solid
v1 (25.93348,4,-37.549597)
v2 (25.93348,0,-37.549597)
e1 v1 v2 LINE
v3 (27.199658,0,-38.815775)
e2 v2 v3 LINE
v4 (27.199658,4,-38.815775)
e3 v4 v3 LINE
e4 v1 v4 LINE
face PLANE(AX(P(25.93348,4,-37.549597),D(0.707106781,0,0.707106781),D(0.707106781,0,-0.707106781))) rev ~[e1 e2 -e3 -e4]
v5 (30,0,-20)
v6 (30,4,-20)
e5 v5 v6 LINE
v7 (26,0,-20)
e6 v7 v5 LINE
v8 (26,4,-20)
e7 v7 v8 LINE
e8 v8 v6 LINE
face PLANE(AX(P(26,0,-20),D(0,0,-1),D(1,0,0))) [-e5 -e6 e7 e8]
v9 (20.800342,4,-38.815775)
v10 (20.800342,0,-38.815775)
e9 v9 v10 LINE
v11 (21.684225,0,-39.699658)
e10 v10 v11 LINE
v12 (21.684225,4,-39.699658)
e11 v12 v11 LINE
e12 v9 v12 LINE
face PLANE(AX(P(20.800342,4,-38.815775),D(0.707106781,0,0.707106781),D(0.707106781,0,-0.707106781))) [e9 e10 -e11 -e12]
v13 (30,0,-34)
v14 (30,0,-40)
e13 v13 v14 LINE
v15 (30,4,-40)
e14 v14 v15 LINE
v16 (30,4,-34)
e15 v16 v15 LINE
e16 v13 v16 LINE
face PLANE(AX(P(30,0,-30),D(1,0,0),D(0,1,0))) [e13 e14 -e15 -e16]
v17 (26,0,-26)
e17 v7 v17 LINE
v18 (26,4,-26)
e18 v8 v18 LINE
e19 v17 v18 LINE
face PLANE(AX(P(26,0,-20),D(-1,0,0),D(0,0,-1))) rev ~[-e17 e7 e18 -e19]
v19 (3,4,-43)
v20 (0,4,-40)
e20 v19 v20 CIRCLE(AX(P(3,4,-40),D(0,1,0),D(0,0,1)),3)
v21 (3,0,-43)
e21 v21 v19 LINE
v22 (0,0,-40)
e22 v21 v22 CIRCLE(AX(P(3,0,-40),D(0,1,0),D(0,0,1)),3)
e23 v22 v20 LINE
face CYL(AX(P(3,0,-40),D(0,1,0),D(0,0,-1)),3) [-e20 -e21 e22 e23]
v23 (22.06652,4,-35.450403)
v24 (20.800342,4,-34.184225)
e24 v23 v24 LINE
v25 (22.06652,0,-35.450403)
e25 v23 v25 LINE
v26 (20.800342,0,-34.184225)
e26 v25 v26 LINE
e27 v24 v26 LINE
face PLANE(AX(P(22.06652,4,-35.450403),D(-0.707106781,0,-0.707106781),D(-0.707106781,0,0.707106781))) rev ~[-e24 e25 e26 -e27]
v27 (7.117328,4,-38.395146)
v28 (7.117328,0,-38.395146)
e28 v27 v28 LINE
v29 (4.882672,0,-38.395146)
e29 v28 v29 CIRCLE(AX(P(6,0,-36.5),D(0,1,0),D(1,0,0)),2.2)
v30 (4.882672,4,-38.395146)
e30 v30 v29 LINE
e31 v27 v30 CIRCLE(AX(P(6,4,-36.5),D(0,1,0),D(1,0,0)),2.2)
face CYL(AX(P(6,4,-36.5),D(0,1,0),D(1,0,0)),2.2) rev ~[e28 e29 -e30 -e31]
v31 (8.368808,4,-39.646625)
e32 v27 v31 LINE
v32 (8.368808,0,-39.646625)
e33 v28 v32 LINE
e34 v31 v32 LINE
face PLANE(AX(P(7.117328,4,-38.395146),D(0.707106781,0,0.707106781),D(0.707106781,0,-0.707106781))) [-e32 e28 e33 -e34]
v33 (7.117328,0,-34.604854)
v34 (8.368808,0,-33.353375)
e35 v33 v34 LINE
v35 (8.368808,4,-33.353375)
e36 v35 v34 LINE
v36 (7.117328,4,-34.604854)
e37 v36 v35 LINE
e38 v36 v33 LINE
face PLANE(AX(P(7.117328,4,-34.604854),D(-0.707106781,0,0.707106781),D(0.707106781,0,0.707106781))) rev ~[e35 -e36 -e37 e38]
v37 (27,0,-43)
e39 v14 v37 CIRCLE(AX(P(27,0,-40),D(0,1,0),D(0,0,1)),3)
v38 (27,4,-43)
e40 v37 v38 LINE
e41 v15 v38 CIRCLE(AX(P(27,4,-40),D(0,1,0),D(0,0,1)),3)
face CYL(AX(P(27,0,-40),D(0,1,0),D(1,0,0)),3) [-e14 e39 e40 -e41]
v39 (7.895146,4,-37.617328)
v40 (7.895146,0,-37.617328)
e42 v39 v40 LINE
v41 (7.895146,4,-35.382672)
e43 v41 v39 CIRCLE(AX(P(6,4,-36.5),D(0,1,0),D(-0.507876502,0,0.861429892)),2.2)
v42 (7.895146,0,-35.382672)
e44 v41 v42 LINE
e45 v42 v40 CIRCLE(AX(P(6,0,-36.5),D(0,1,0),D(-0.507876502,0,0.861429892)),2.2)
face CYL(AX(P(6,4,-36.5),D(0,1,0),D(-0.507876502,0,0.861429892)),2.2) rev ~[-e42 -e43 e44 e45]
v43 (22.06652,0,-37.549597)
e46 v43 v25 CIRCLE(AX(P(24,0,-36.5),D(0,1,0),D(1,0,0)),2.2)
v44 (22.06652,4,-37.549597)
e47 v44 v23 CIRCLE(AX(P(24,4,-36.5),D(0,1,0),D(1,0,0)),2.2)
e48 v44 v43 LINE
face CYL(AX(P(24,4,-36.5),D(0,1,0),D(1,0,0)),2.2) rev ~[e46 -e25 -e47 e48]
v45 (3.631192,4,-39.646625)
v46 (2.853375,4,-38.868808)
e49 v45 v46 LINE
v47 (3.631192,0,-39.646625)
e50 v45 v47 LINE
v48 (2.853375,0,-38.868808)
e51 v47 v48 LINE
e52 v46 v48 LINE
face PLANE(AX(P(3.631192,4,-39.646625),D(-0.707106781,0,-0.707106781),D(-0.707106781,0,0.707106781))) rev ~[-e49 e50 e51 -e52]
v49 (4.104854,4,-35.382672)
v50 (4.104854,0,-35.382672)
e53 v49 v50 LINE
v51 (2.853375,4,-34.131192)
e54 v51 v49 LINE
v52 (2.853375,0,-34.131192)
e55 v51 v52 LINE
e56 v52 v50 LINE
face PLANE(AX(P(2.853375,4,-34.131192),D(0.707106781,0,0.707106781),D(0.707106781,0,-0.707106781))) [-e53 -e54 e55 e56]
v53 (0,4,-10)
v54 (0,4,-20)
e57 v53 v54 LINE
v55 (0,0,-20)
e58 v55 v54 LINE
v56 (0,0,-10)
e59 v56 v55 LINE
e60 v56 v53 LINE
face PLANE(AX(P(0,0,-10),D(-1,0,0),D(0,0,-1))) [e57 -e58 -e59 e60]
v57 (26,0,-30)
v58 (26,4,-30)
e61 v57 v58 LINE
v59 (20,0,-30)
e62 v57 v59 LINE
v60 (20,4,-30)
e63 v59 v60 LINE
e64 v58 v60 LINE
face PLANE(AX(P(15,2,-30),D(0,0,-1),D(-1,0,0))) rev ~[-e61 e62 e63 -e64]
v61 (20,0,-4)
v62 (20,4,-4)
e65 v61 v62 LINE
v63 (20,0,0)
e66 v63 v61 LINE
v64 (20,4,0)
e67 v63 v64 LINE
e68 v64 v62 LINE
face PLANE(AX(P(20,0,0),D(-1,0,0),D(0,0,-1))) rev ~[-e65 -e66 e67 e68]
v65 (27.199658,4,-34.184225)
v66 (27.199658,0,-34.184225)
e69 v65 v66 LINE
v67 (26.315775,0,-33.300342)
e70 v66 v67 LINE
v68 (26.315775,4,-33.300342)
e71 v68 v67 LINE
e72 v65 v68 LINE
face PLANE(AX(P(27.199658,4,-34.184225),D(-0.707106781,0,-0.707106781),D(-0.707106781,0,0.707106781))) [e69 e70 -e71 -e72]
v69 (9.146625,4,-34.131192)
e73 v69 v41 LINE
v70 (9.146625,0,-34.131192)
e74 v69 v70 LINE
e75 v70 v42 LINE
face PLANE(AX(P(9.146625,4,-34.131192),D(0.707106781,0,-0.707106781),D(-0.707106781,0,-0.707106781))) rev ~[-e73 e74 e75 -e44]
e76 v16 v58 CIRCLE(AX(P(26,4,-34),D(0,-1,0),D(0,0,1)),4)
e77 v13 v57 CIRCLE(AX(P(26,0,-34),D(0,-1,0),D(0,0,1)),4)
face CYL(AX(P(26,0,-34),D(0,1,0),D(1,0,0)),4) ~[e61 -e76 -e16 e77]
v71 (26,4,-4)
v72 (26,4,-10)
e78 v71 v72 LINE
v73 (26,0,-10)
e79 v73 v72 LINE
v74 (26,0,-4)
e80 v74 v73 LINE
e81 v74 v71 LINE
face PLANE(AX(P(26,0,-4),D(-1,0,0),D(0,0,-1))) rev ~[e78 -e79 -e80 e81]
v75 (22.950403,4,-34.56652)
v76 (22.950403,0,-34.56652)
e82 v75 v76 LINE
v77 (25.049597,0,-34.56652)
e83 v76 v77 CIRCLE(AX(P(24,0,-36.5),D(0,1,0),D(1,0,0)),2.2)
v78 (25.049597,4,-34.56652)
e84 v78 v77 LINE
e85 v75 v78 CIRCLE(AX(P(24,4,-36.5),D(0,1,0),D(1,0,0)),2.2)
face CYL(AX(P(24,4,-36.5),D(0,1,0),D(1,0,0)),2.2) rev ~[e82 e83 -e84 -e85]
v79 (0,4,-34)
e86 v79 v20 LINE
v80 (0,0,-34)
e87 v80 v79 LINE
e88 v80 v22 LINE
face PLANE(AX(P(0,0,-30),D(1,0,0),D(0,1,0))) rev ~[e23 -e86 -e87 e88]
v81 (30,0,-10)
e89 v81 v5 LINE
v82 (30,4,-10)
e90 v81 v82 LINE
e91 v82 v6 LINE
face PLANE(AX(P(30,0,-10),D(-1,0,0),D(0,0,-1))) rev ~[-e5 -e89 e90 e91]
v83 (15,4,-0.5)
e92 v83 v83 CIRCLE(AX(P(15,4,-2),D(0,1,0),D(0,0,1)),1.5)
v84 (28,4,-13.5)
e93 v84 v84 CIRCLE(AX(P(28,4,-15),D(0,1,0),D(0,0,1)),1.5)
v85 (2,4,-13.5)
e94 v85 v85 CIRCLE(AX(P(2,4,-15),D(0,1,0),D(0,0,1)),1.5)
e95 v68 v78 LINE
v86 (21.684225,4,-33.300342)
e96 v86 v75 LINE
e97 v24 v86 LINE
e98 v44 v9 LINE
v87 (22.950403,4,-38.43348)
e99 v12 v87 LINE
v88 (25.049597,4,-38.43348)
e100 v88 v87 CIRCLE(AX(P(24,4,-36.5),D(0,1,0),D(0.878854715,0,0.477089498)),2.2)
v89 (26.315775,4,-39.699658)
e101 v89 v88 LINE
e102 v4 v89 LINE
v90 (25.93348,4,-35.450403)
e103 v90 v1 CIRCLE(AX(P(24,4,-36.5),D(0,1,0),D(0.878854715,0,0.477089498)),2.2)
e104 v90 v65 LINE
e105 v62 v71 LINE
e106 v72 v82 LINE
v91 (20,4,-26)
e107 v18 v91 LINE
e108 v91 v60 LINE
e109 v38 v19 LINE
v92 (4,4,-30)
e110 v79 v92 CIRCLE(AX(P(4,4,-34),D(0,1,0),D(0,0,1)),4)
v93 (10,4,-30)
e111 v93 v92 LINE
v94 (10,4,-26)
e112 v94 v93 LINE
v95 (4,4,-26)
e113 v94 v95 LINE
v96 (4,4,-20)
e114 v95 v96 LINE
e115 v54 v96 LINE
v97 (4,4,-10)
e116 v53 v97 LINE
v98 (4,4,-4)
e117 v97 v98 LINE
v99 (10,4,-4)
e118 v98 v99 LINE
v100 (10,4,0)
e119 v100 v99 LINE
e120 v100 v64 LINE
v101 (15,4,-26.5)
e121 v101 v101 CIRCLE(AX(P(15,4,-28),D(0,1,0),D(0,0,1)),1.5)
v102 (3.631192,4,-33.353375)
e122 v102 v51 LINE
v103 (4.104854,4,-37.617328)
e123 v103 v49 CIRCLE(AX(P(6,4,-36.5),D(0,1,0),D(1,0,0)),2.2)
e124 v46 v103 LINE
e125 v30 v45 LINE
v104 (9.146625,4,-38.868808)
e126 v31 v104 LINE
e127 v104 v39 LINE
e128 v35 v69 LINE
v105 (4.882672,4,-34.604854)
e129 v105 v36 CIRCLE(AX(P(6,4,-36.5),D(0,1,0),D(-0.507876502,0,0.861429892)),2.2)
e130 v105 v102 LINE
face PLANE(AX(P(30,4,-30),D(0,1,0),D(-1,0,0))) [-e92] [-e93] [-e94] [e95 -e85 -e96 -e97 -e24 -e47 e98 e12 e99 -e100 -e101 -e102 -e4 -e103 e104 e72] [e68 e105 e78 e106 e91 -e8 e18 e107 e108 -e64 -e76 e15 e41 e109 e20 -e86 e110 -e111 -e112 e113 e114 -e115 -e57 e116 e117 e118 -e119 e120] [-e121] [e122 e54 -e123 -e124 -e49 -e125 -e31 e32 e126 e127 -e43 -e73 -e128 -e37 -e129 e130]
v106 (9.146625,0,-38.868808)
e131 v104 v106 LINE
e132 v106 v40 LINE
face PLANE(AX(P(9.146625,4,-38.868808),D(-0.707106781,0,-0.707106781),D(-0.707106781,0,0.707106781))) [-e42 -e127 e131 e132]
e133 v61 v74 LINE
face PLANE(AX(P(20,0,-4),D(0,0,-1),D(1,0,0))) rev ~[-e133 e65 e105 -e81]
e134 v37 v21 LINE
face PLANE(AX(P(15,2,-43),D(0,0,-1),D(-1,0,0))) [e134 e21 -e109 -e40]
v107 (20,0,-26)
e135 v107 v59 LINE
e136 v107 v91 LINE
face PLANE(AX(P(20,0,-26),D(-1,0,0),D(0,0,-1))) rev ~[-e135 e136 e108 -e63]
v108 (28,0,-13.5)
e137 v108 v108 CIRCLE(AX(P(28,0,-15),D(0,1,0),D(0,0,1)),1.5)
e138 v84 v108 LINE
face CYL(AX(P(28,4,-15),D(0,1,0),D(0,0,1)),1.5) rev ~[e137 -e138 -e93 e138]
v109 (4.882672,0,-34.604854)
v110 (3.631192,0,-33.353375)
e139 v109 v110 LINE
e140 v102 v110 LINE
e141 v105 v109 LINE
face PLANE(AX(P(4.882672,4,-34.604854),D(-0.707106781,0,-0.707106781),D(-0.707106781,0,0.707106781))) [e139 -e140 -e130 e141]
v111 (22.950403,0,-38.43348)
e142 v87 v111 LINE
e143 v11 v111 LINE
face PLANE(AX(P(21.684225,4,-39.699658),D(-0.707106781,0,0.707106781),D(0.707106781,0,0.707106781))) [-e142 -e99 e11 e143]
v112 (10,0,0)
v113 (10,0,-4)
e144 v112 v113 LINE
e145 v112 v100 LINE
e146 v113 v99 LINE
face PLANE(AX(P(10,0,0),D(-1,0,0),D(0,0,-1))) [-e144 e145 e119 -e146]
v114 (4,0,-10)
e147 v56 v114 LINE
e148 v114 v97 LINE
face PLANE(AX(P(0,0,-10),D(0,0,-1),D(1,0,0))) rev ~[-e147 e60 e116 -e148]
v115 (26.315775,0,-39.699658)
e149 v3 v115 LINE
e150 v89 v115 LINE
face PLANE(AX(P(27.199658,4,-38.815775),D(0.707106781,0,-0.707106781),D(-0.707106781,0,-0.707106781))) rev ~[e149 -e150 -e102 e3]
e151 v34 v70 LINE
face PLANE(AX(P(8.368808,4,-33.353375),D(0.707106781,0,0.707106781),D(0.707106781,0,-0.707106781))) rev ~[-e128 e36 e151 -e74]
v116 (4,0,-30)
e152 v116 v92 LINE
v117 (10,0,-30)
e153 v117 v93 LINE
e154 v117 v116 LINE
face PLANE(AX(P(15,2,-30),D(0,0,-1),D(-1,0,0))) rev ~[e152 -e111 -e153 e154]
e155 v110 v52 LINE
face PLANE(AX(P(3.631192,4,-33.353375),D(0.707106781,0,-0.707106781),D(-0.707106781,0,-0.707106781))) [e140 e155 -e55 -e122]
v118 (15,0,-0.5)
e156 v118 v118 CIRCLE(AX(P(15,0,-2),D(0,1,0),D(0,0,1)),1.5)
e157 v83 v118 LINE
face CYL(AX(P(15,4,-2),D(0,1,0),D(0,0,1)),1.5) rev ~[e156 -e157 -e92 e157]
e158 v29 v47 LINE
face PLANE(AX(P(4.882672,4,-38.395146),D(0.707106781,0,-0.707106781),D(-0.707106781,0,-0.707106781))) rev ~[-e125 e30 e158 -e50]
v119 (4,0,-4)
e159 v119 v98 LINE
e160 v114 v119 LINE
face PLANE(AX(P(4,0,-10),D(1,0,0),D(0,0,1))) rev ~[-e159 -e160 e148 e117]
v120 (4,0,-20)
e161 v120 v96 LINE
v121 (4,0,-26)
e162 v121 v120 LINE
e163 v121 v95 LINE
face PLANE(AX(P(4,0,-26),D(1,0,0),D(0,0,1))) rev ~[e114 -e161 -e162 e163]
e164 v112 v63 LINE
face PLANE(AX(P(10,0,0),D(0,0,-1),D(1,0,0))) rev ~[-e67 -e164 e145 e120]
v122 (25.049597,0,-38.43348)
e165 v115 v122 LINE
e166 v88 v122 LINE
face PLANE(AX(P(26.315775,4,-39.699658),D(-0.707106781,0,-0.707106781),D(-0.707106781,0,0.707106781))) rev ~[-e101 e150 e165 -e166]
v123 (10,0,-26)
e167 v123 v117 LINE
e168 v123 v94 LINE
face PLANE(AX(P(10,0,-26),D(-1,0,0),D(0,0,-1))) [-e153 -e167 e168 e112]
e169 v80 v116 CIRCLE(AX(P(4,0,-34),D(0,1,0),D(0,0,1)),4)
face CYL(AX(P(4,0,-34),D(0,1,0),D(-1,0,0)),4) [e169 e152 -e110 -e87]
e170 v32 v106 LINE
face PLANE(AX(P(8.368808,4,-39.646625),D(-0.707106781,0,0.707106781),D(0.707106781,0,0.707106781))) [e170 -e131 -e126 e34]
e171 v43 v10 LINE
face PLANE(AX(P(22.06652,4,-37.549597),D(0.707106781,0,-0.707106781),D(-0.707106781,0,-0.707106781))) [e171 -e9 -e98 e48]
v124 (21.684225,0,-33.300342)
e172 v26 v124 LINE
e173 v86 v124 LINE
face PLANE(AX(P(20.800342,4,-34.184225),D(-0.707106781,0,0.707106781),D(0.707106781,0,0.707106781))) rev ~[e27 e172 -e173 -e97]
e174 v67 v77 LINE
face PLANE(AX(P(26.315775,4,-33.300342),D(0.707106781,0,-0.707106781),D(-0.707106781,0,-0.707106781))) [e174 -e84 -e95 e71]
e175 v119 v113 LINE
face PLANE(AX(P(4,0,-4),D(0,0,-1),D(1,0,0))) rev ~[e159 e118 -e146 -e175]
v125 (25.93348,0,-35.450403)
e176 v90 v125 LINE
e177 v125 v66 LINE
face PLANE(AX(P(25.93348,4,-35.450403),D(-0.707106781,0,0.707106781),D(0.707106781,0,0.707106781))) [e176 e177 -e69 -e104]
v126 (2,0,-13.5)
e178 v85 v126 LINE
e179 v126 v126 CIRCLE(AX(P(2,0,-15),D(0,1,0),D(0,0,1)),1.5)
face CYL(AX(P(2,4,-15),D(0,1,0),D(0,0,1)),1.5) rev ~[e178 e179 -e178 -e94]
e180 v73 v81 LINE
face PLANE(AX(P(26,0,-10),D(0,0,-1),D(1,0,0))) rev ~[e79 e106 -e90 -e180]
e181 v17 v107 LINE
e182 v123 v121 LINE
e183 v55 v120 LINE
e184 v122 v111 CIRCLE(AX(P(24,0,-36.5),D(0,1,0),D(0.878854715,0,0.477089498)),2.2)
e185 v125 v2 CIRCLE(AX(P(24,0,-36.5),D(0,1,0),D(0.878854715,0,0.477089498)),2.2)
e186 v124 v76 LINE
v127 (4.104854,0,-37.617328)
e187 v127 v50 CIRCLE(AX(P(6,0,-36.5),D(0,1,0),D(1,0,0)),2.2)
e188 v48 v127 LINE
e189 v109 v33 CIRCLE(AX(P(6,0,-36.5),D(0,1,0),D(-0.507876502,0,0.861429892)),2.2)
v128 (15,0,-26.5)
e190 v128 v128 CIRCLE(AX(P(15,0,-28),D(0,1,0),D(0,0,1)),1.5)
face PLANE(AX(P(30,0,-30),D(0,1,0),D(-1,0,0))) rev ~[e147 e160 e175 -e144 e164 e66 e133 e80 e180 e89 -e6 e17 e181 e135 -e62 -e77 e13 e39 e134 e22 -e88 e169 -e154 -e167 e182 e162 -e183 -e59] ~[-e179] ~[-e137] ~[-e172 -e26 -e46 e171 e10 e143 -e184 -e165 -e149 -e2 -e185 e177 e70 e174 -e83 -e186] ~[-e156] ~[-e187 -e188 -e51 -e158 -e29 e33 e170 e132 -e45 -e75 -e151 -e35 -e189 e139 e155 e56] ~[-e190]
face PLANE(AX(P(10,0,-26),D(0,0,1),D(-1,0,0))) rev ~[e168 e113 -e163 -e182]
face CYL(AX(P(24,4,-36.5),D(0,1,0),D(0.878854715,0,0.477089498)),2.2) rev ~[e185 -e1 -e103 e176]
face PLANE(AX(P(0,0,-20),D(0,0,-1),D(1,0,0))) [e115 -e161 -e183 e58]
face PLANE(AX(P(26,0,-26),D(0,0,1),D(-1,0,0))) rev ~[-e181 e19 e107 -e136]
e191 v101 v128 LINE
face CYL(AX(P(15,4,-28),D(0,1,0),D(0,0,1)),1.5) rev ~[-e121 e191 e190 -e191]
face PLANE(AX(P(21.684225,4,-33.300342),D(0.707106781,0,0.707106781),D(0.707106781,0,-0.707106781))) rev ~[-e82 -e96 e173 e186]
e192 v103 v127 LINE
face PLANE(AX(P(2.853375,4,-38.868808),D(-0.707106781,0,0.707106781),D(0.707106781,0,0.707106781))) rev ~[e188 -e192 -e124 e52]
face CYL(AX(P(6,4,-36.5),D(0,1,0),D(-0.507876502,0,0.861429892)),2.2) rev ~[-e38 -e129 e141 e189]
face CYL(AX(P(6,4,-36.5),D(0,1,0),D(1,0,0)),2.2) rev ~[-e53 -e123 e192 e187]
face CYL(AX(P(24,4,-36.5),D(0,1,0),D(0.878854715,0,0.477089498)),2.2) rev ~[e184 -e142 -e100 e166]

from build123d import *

# Parameters (mm, degrees)
BOSS_EXTRUDE1_DEPTH = 4
SKETCH3_W           = 30
SKETCH3_H           = 4
BOSS_EXTRUDE2_DEPTH = 13
CUT_EXTRUDE2_DEPTH  = 10
FILLET1_R           = 3
FILLET2_R           = 4
SKETCH6_R           = 1.5
CUT_EXTRUDE3_DEPTH  = 10


with BuildPart() as part:
    # Sketch1 → Boss-Extrude1 (new body)
    with BuildSketch(Plane(origin=(0, 0, 0), x_dir=(1, 0, 0), z_dir=(0, 1, 0))):
        Polygon((10, 4), (10, 0), (20, 0), (20, 4), (26, 4), (26, 10), (30, 10), (30, 20), (26, 20), (26, 26), (20, 26), (20, 30), (10, 30), (10, 26), (4, 26), (4, 20), (0, 20), (0, 10), (4, 10), (4, 4), align=None)
    extrude(amount=BOSS_EXTRUDE1_DEPTH)

    # Sketch3 → Boss-Extrude2 (add)
    with BuildSketch(Plane(origin=(0, 0, -30), x_dir=(-1, 0, 0), z_dir=(0, 0, -1))):
        with Locations((-15, 2)):
            Rectangle(SKETCH3_W, SKETCH3_H)
    extrude(amount=BOSS_EXTRUDE2_DEPTH)

    # Sketch4 → Cut-Extrude2 (cut)
    with BuildSketch(Plane(origin=(0, 4, 0), x_dir=(1, 0, 0), z_dir=(0, 1, 0))):
        with BuildLine():
            Line((7.895145763, 37.617328303), (9.146625176, 38.868807717))
            Line((9.146625176, 38.868807717), (8.368807717, 39.646625176))
            Line((8.368807717, 39.646625176), (7.117328303, 38.395145763))
            ThreePointArc((7.117328303, 38.395145763), (6, 38.7), (4.882671697, 38.395145763))
            Line((4.882671697, 38.395145763), (3.631192283, 39.646625176))
            Line((3.631192283, 39.646625176), (2.853374824, 38.868807717))
            Line((2.853374824, 38.868807717), (4.104854237, 37.617328303))
            ThreePointArc((4.104854237, 37.617328303), (3.8, 36.5), (4.104854237, 35.382671697))
            Line((4.104854237, 35.382671697), (2.853374824, 34.131192283))
            Line((2.853374824, 34.131192283), (3.631192283, 33.353374824))
            Line((3.631192283, 33.353374824), (4.882671697, 34.604854237))
            ThreePointArc((4.882671697, 34.604854237), (6, 34.3), (7.117328303, 34.604854237))
            Line((7.117328303, 34.604854237), (8.368807717, 33.353374824))
            Line((8.368807717, 33.353374824), (9.146625176, 34.131192283))
            Line((9.146625176, 34.131192283), (7.895145763, 35.382671697))
            ThreePointArc((7.895145763, 35.382671697), (8.2, 36.5), (7.895145763, 37.617328303))
        make_face()
        with BuildLine():
            Line((22.950403103, 38.433480373), (21.684225292, 39.699658185))
            Line((21.684225292, 39.699658185), (20.800341815, 38.815774708))
            Line((20.800341815, 38.815774708), (22.066519627, 37.549596897))
            ThreePointArc((22.066519627, 37.549596897), (21.8, 36.5), (22.066519627, 35.450403103))
            Line((22.066519627, 35.450403103), (20.800341815, 34.184225292))
            Line((20.800341815, 34.184225292), (21.684225292, 33.300341815))
            Line((21.684225292, 33.300341815), (22.950403103, 34.566519627))
            ThreePointArc((22.950403103, 34.566519627), (24, 34.3), (25.049596897, 34.566519627))
            Line((25.049596897, 34.566519627), (26.315774708, 33.300341815))
            Line((26.315774708, 33.300341815), (27.199658185, 34.184225292))
            Line((27.199658185, 34.184225292), (25.933480373, 35.450403103))
            ThreePointArc((25.933480373, 35.450403103), (26.2, 36.5), (25.933480373, 37.549596897))
            Line((25.933480373, 37.549596897), (27.199658185, 38.815774708))
            Line((27.199658185, 38.815774708), (26.315774708, 39.699658185))
            Line((26.315774708, 39.699658185), (25.049596897, 38.433480373))
            ThreePointArc((25.049596897, 38.433480373), (24, 38.7), (22.950403103, 38.433480373))
        make_face()
    extrude(amount=-CUT_EXTRUDE2_DEPTH, mode=Mode.SUBTRACT)

    # Fillet1
    fillet1_edges = [part.edges().sort_by_distance(p)[0] for p in [
        (0, 2, -43),
        (30, 2, -43),
    ]]
    fillet(fillet1_edges, radius=FILLET1_R)

    # Fillet2
    fillet2_edges = [part.edges().sort_by_distance(p)[0] for p in [
        (0, 2, -30),
        (30, 2, -30),
    ]]
    fillet(fillet2_edges, radius=FILLET2_R)

    # Sketch6 → Cut-Extrude3 (cut)
    with BuildSketch(Plane(origin=(0, 4, 0), x_dir=(1, 0, 0), z_dir=(0, 1, 0))):
        with Locations((28, 15)):
            Circle(SKETCH6_R)
        with Locations((15, 2)):
            Circle(SKETCH6_R)
        with Locations((2, 15)):
            Circle(SKETCH6_R)
        with Locations((15, 28)):
            Circle(SKETCH6_R)
    extrude(amount=-CUT_EXTRUDE3_DEPTH, mode=Mode.SUBTRACT)


solid = part.part
